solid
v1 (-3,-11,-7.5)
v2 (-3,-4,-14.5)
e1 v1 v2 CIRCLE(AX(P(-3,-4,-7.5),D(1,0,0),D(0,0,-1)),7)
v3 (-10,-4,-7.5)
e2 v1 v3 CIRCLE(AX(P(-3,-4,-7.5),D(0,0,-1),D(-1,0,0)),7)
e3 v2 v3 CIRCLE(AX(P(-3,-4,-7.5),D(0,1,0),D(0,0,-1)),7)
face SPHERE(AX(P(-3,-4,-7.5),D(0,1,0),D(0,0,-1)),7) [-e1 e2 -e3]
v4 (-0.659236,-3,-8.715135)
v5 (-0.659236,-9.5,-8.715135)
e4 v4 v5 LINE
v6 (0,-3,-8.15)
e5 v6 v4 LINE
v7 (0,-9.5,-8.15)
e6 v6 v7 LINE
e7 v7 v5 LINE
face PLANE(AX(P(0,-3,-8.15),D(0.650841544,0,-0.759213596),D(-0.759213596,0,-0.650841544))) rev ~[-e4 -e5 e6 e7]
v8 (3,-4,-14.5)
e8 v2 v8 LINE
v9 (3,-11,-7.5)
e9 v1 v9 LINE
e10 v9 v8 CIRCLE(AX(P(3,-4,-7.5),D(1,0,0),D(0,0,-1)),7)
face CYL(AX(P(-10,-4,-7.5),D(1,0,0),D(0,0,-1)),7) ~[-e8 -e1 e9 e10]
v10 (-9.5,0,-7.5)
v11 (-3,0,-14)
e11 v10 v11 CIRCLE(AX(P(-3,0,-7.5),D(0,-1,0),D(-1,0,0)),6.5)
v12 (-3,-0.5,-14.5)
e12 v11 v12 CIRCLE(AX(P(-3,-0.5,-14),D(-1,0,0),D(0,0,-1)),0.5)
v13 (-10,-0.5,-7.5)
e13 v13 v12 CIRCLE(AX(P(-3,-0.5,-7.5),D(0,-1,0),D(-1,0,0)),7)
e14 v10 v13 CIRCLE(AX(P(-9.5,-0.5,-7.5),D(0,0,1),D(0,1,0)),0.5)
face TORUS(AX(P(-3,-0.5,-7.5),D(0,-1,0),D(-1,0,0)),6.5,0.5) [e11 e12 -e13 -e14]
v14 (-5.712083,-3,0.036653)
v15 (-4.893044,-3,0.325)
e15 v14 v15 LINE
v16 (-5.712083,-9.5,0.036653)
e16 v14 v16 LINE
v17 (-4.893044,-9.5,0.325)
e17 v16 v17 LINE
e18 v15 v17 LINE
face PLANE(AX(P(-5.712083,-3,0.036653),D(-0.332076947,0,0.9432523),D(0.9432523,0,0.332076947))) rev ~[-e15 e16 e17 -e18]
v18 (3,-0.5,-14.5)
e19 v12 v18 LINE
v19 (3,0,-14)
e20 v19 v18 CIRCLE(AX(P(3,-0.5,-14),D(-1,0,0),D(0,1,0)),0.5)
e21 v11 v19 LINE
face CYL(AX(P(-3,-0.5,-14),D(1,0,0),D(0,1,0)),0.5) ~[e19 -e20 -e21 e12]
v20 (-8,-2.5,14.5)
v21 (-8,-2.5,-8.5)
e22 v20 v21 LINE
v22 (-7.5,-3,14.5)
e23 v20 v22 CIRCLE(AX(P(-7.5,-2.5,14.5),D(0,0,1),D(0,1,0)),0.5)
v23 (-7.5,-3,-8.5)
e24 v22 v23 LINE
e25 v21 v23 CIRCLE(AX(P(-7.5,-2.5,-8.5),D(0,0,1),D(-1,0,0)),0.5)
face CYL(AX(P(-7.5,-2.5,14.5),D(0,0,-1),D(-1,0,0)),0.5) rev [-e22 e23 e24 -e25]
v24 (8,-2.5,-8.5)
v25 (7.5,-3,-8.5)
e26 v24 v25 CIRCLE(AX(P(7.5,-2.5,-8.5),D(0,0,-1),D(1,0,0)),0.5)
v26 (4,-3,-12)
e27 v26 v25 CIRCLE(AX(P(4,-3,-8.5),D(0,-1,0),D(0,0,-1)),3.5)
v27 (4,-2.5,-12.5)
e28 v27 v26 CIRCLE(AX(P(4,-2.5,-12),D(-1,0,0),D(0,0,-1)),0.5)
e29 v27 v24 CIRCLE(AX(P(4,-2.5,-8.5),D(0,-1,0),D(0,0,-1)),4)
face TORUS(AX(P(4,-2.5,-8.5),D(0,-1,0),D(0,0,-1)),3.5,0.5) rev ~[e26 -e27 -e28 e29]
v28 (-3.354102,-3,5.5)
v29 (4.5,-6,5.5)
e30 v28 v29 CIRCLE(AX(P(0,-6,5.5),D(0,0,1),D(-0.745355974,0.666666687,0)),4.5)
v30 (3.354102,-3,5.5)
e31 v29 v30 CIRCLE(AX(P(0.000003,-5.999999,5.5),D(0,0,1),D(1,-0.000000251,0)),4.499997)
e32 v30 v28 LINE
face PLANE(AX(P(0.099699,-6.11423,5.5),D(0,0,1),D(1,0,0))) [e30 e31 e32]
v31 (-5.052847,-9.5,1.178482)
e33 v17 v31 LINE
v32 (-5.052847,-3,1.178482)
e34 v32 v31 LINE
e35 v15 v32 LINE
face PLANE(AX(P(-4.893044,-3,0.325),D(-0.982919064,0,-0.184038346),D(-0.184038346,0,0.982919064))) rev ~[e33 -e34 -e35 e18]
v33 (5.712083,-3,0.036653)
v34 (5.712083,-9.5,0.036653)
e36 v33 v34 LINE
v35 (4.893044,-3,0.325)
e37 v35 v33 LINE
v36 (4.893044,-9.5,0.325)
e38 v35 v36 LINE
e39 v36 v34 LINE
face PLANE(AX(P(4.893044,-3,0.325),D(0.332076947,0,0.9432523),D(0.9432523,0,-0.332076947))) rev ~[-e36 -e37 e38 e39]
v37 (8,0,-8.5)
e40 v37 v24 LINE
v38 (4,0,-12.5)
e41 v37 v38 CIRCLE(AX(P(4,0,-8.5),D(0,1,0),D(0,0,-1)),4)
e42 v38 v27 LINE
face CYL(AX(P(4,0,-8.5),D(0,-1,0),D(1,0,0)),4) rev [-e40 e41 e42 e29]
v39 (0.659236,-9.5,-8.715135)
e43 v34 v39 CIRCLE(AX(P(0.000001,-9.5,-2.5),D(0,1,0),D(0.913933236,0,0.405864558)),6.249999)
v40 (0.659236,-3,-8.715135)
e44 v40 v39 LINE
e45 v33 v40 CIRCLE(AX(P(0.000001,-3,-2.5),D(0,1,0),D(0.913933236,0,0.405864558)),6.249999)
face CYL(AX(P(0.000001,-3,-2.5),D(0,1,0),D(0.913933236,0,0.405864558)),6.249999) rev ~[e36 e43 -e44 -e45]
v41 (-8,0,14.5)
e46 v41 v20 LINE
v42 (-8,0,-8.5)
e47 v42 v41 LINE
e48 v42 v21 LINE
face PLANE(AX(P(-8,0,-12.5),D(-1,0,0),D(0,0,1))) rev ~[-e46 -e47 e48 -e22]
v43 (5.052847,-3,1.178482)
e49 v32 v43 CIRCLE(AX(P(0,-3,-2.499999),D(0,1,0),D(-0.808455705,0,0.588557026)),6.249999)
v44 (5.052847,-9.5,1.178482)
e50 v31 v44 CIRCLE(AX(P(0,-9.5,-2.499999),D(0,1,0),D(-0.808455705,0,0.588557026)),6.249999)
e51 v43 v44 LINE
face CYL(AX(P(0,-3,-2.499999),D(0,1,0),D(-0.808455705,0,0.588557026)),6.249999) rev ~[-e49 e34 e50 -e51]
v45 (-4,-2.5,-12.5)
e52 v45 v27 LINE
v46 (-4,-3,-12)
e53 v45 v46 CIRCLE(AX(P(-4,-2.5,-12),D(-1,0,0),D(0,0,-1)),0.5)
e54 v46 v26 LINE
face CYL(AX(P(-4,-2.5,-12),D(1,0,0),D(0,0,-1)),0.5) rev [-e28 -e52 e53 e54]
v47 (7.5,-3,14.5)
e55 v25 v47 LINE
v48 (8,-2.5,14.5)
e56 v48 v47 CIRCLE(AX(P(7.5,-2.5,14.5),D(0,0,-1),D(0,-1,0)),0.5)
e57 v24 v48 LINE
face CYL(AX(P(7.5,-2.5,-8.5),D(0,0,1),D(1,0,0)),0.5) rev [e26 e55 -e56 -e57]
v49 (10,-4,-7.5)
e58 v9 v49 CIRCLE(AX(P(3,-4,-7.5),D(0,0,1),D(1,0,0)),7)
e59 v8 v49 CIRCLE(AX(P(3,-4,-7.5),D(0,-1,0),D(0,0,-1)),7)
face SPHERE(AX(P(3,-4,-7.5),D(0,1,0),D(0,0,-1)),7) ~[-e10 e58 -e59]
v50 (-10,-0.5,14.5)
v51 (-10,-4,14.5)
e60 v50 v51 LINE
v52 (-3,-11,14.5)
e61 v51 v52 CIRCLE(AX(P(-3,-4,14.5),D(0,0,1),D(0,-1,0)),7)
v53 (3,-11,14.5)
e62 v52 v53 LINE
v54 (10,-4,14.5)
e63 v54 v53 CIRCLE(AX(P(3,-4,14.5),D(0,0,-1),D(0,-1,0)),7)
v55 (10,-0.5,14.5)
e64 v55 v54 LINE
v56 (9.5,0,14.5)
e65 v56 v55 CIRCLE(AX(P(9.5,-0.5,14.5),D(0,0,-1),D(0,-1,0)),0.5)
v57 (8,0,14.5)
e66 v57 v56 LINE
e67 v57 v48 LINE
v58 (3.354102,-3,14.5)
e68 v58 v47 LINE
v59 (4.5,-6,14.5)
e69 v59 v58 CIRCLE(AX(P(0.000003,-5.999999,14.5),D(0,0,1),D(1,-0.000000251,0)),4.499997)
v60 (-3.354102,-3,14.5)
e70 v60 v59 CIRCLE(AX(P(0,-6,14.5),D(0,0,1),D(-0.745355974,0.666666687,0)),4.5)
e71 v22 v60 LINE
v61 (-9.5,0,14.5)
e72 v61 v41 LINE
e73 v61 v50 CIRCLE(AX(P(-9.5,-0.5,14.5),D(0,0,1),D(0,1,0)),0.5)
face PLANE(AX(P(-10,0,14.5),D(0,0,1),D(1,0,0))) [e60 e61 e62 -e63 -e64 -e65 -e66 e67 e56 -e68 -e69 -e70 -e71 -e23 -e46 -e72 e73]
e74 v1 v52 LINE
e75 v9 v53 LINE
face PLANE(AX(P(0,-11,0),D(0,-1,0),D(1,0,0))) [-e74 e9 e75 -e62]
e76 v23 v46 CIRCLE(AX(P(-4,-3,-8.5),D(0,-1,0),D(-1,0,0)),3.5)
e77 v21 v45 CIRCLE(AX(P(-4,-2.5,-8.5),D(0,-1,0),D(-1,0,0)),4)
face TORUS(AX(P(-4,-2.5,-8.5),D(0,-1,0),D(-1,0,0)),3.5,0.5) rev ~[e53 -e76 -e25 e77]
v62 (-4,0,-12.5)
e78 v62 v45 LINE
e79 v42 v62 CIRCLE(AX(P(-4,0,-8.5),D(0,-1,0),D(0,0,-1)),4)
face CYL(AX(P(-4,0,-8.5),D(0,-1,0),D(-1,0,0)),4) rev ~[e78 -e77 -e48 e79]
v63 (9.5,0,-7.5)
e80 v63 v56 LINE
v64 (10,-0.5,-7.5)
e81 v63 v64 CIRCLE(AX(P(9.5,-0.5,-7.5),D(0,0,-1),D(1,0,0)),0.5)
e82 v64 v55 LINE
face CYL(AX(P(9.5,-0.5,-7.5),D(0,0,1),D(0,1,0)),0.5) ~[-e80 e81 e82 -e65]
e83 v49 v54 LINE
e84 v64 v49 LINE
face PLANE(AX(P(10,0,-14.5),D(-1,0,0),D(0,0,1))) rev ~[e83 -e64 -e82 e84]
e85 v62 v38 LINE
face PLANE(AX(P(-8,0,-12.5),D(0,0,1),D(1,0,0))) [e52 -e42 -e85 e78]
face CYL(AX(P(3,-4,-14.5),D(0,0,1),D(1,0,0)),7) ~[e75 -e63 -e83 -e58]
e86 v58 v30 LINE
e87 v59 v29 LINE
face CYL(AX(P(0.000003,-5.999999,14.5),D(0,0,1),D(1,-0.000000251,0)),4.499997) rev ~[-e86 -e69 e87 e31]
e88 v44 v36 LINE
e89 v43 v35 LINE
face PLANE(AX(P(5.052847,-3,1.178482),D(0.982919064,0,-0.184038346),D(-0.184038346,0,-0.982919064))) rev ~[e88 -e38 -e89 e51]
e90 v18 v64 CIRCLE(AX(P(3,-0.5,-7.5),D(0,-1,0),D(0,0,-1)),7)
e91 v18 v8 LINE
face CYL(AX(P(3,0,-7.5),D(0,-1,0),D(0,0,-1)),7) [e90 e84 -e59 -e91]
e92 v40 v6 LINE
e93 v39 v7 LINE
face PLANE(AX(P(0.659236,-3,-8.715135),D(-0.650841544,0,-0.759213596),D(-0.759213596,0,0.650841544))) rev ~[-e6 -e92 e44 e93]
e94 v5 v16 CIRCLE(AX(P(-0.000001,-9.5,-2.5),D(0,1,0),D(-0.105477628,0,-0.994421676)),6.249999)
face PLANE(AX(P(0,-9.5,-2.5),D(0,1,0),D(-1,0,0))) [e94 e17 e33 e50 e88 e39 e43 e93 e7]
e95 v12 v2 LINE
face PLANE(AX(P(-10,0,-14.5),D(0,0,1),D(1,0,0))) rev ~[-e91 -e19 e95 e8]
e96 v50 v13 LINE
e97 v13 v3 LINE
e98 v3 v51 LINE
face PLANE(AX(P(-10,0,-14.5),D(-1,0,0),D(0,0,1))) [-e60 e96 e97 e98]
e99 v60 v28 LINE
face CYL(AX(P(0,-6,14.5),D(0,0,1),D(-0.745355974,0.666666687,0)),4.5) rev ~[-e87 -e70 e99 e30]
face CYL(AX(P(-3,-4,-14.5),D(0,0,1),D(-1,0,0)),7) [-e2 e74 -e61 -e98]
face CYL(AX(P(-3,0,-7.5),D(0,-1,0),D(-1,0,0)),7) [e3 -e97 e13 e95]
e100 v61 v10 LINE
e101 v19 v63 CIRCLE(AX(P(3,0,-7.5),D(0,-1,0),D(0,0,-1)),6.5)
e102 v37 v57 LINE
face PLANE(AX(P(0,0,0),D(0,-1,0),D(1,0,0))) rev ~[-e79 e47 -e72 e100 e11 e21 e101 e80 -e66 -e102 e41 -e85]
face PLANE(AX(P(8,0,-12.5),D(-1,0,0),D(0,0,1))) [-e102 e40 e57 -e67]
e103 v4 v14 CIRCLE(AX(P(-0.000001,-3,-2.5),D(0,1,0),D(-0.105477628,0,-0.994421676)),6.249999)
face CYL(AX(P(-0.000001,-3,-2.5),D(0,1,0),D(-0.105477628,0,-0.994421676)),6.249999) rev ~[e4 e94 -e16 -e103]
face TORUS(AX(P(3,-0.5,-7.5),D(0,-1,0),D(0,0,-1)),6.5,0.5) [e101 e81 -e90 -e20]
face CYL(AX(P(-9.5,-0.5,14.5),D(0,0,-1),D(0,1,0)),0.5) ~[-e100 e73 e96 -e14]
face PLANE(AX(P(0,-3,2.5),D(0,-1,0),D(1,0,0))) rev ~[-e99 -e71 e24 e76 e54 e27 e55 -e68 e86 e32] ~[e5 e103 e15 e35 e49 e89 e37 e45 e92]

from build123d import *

# Parameters (mm, degrees)
F0_W     = 20
F0_H     = 29
F1_DEPTH = 11
F2_W     = 16
F2_H     = 30
F3_DEPTH = 3
F5_DEPTH = 6.5
F7_DEPTH = 9
F8_R     = 4
F9_R     = 7
F10_R    = 0.5


with BuildPart() as f1:
    # F0 (on Front) → F1 (new body)
    with BuildSketch(Plane.XZ):
        Rectangle(F0_W, F0_H)
    extrude(amount=F1_DEPTH)

    # F2 (on face) → F3 (cut)
    with BuildSketch(Plane.XZ):
        with Locations((0, 2.5)):
            Rectangle(F2_W, F2_H)
    extrude(amount=F3_DEPTH, mode=Mode.SUBTRACT)

    # F4 (on face) → F5 (cut)
    with BuildSketch(Plane(origin=(0, -3, 0), x_dir=(-1, 0, 0), z_dir=(0, 1, 0))):
        with BuildLine():
            Line((0, -8.15), (0.659236, -8.715135))
            ThreePointArc((0.659236, -8.715135), (5.412659, -5.625), (5.712083, 0.036653))
            Line((5.712083, 0.036653), (4.893044, 0.325))
            Line((4.893044, 0.325), (5.052847, 1.178482))
            ThreePointArc((5.052847, 1.178482), (0, 3.75), (-5.052847, 1.178482))
            Line((-5.052847, 1.178482), (-4.893044, 0.325))
            Line((-4.893044, 0.325), (-5.712083, 0.036653))
            ThreePointArc((-5.712083, 0.036653), (-5.412659, -5.625), (-0.659236, -8.715135))
            Line((-0.659236, -8.715135), (0, -8.15))
        make_face()
    extrude(amount=-F5_DEPTH, mode=Mode.SUBTRACT)

    # F6 (on face) → F7 (cut)
    with BuildSketch(Plane.XY.offset(14.5)):
        with BuildLine():
            ThreePointArc((-3.354102, -3), (-1.605699, -10.203776), (4.5, -6))
            ThreePointArc((4.5, -6), (4.203776, -4.394301), (3.354102, -3))
            Line((3.354102, -3), (-3.354102, -3))
        make_face()
    extrude(amount=-F7_DEPTH, mode=Mode.SUBTRACT)

    # F8
    f8_edges = [f1.edges().sort_by_distance(p)[0] for p in [
        (8, -1.5, -12.5),
        (-8, -1.5, -12.5),
    ]]
    fillet(f8_edges, radius=F8_R)

    # F9
    f9_edges = [f1.edges().sort_by_distance(p)[0] for p in [
        (-10, -5.5, -14.5),
        (10, -5.5, -14.5),
        (0, -11, -14.5),
        (10, -11, 0),
        (-10, -11, 0),
    ]]
    fillet(f9_edges, radius=F9_R)

    # F10
    f10_edges = [f1.edges().sort_by_distance(p)[0] for p in [
        (8, -3, 3),
        (10, 0, 3.5),
    ]]
    fillet(f10_edges, radius=F10_R)


solid = f1.part
